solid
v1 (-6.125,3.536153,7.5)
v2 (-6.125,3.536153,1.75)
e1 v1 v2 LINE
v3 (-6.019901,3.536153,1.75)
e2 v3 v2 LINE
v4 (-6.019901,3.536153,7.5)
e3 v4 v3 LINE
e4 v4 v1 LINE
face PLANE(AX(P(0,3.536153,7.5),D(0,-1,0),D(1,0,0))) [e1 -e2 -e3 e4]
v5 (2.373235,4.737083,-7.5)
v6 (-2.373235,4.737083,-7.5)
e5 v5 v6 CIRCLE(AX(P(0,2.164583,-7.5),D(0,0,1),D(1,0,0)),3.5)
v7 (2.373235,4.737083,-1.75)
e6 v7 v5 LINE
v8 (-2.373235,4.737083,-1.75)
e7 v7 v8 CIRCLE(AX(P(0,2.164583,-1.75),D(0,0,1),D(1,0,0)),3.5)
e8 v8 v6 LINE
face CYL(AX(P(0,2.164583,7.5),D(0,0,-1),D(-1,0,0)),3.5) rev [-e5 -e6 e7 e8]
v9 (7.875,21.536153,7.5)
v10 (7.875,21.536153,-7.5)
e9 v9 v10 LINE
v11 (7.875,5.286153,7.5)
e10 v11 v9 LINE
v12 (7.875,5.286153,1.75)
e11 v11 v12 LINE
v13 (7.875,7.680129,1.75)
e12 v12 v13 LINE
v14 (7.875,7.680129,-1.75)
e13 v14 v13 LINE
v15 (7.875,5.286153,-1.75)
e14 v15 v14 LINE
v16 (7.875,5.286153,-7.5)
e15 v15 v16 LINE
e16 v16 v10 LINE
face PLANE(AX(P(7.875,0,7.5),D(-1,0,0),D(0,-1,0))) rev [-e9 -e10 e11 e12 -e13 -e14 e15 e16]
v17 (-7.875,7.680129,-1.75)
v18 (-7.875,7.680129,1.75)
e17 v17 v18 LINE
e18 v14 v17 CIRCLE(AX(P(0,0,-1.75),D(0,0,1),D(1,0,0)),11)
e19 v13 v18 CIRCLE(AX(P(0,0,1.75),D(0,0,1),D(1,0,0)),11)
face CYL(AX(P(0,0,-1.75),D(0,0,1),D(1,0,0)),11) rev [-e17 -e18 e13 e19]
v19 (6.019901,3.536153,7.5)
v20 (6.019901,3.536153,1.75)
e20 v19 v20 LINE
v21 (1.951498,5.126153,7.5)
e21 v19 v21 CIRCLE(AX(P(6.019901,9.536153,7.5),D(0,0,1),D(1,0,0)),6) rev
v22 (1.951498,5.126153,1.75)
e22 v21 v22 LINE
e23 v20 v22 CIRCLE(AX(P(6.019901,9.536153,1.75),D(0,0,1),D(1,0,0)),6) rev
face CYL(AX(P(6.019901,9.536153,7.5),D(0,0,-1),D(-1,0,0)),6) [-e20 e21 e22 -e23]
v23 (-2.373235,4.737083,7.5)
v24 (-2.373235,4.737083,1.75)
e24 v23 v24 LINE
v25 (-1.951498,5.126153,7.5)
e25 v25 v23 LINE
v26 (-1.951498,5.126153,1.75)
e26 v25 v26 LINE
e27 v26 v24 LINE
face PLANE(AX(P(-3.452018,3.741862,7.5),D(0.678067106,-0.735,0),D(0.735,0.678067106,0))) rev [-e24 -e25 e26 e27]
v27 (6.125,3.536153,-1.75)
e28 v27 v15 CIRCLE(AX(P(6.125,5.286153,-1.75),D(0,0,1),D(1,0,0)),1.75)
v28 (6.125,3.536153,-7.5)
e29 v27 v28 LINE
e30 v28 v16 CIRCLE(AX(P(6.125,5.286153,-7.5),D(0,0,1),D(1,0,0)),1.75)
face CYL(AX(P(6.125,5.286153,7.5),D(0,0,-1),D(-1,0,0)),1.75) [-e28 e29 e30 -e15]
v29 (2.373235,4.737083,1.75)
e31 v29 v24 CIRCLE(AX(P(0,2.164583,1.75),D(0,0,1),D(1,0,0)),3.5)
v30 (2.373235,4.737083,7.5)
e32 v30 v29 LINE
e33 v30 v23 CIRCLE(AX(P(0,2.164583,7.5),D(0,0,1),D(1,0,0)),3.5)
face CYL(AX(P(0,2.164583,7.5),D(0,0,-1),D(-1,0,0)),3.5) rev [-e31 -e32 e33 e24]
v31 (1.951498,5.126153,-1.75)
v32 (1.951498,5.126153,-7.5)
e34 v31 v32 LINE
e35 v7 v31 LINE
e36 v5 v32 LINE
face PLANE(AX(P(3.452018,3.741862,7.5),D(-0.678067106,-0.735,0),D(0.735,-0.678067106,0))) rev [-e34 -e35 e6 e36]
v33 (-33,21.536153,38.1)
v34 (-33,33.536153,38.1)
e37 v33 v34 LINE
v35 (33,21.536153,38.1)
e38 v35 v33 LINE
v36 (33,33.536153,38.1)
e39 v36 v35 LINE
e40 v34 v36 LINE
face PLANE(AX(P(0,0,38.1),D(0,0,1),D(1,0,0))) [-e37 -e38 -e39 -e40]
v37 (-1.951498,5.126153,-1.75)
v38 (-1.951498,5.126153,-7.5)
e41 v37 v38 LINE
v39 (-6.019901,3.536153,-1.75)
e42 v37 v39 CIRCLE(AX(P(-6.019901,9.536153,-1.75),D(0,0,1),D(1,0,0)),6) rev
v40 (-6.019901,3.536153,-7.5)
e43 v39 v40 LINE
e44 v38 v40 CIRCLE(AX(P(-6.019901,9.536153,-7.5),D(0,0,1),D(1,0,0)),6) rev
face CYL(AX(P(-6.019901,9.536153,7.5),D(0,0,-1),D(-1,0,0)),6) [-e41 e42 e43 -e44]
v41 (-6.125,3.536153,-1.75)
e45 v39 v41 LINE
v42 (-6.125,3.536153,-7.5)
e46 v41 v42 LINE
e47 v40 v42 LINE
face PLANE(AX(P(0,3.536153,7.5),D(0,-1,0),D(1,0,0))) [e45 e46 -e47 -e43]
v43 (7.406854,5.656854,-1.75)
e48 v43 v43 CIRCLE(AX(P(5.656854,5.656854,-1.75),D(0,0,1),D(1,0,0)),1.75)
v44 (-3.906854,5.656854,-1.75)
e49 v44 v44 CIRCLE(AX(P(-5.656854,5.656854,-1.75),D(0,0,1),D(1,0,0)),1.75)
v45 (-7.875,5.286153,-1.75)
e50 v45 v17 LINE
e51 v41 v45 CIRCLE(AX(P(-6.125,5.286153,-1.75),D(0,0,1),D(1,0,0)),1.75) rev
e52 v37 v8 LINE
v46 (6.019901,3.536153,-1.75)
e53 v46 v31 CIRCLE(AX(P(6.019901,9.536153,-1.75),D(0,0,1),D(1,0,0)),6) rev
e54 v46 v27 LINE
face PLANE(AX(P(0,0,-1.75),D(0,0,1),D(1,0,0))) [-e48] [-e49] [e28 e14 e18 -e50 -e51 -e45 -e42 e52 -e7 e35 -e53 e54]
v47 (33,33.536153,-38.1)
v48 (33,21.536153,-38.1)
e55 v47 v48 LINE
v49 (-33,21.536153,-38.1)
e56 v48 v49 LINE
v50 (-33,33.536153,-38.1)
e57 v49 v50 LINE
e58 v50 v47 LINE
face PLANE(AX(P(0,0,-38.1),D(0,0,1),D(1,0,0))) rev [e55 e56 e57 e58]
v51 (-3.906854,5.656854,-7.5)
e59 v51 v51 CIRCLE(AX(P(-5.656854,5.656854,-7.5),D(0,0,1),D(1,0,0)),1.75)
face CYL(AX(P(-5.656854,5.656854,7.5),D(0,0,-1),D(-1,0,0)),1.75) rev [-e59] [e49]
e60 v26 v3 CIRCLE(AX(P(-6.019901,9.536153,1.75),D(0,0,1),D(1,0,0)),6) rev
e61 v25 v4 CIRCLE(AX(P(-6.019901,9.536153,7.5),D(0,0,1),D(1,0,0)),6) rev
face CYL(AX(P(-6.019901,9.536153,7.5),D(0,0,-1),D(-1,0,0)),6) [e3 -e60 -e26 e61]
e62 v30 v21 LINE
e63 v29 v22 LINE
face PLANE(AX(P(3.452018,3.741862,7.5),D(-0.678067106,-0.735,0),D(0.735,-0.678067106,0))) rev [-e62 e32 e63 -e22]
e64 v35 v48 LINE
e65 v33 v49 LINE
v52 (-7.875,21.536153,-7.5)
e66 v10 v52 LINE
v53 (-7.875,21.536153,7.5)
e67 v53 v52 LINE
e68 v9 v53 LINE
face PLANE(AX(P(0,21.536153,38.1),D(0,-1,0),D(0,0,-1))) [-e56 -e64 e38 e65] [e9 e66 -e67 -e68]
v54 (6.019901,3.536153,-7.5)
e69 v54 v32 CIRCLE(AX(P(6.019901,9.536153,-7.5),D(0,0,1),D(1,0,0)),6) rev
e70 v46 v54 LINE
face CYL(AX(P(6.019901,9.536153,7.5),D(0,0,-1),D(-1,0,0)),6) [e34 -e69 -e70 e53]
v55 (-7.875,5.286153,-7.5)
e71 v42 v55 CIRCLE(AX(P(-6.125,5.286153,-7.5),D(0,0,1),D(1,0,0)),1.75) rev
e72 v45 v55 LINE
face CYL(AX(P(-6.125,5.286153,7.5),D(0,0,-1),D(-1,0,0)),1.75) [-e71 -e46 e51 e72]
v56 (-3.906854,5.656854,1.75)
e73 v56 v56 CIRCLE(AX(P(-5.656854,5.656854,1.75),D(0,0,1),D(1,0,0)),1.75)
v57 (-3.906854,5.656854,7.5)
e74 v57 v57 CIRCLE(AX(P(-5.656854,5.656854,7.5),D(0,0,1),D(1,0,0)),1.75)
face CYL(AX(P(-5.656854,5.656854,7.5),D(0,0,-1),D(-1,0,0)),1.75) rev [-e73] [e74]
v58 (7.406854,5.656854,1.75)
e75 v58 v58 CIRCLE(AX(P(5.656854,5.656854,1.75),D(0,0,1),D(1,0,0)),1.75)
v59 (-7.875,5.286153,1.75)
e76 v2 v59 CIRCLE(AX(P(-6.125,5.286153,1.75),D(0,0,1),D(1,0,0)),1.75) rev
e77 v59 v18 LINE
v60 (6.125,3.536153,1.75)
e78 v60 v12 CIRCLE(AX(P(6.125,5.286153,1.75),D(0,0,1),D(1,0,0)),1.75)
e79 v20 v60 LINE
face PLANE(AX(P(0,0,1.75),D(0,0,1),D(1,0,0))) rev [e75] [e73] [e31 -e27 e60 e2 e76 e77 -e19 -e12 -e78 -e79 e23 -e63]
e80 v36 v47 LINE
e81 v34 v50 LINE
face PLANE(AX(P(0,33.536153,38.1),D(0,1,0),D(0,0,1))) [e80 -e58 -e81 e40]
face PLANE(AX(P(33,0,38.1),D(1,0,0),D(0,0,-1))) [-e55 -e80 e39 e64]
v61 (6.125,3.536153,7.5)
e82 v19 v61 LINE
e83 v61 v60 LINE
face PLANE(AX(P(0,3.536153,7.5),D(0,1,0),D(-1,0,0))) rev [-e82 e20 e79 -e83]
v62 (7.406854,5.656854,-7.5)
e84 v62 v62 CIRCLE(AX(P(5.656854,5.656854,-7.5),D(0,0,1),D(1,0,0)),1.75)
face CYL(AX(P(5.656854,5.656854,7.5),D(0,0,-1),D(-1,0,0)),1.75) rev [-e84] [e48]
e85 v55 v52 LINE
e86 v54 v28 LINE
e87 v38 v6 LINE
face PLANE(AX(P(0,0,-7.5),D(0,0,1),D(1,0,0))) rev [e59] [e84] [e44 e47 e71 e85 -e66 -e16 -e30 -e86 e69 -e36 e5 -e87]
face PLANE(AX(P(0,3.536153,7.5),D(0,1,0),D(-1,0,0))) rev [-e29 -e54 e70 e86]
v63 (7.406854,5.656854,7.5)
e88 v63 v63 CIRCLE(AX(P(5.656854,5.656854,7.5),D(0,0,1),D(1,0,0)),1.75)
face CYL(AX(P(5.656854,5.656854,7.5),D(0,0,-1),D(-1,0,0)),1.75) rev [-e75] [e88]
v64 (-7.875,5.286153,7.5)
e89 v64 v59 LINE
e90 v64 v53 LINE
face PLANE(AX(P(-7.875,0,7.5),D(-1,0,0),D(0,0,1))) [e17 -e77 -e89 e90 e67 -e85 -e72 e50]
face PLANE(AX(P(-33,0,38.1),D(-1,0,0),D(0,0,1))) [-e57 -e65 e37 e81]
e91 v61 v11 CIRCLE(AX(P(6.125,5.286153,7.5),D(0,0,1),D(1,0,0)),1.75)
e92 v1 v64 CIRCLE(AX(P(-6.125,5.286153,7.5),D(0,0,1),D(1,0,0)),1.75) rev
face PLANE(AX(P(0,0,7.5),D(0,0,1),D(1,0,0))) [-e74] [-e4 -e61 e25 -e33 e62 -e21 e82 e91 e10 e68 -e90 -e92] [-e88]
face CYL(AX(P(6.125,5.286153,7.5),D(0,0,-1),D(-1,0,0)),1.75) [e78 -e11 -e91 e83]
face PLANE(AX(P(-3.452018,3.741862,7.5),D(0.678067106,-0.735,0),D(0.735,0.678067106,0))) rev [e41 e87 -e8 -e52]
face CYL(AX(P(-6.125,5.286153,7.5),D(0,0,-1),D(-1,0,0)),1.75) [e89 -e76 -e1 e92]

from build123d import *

# Parameters (mm, degrees)
BOSS_EXTRUDE1_DEPTH = 38.1
SKETCH1_4_R         = 1.75
BOSS_EXTRUDE3_DEPTH = 7.5
SKETCH1_5_R         = 1.75
CUT_EXTRUDE1_DEPTH  = 1.75


with BuildPart() as part:
    # Sketch1 → Boss-Extrude1 (new, symmetric)
    with BuildSketch(Plane.XY):
        Polygon((-7.875, 21.53615257), (7.875, 21.53615257), (33, 21.53615257), (33, 33.53615257), (-33, 33.53615257), (-33, 21.53615257), align=None)
    extrude(amount=BOSS_EXTRUDE1_DEPTH, both=True)

    # Sketch1<4> → Boss-Extrude3 (add, symmetric)
    with BuildSketch(Plane.XY):
        with BuildLine():
            ThreePointArc((1.951498019, 5.12615257), (3.835867687, 3.947771767), (6.019900654, 3.53615257))
            Line((6.019900654, 3.53615257), (6.125, 3.53615257))
            ThreePointArc((6.125, 3.53615257), (7.362436867, 4.048715703), (7.875, 5.28615257))
            Line((7.875, 5.28615257), (7.875, 21.53615257))
            Line((7.875, 21.53615257), (-7.875, 21.53615257))
            Line((-7.875, 21.53615257), (-7.875, 5.28615257))
            ThreePointArc((-7.875, 5.28615257), (-7.362436867, 4.048715703), (-6.125, 3.53615257))
            Line((-6.125, 3.53615257), (-6.019900654, 3.53615257))
            ThreePointArc((-6.019900654, 3.53615257), (-3.835867687, 3.947771767), (-1.951498019, 5.12615257))
            Line((-1.951498019, 5.12615257), (-2.37323487, 4.737083337))
            ThreePointArc((-2.37323487, 4.737083337), (0, 5.664583337), (2.37323487, 4.737083337))
            Line((2.37323487, 4.737083337), (1.951498019, 5.12615257))
        make_face()
        with Locations((-5.656854249, 5.656854249)):
            Circle(SKETCH1_4_R, mode=Mode.SUBTRACT)
        with Locations((5.656854249, 5.656854249)):
            Circle(SKETCH1_4_R, mode=Mode.SUBTRACT)
    extrude(amount=BOSS_EXTRUDE3_DEPTH, both=True)

    # Sketch1<5> → Cut-Extrude1 (cut, symmetric)
    with BuildSketch(Plane.XY):
        with BuildLine():
            ThreePointArc((1.951498019, 5.12615257), (3.835867687, 3.947771767), (6.019900654, 3.53615257))
            Line((6.019900654, 3.53615257), (6.125, 3.53615257))
            ThreePointArc((6.125, 3.53615257), (7.362436867, 4.048715703), (7.875, 5.28615257))
            Line((7.875, 5.28615257), (7.875, 7.68012858))
            ThreePointArc((7.875, 7.68012858), (0, 11), (-7.875, 7.68012858))
            Line((-7.875, 7.68012858), (-7.875, 5.28615257))
            ThreePointArc((-7.875, 5.28615257), (-7.362436867, 4.048715703), (-6.125, 3.53615257))
            Line((-6.125, 3.53615257), (-6.019900654, 3.53615257))
            ThreePointArc((-6.019900654, 3.53615257), (-3.835867687, 3.947771767), (-1.951498019, 5.12615257))
            Line((-1.951498019, 5.12615257), (-2.37323487, 4.737083337))
            ThreePointArc((-2.37323487, 4.737083337), (0, 5.664583337), (2.37323487, 4.737083337))
            Line((2.37323487, 4.737083337), (1.951498019, 5.12615257))
        make_face()
        with Locations((-5.656854249, 5.656854249)):
            Circle(SKETCH1_5_R, mode=Mode.SUBTRACT)
        with Locations((5.656854249, 5.656854249)):
            Circle(SKETCH1_5_R, mode=Mode.SUBTRACT)
    extrude(amount=CUT_EXTRUDE1_DEPTH, both=True, mode=Mode.SUBTRACT)


solid = part.part
